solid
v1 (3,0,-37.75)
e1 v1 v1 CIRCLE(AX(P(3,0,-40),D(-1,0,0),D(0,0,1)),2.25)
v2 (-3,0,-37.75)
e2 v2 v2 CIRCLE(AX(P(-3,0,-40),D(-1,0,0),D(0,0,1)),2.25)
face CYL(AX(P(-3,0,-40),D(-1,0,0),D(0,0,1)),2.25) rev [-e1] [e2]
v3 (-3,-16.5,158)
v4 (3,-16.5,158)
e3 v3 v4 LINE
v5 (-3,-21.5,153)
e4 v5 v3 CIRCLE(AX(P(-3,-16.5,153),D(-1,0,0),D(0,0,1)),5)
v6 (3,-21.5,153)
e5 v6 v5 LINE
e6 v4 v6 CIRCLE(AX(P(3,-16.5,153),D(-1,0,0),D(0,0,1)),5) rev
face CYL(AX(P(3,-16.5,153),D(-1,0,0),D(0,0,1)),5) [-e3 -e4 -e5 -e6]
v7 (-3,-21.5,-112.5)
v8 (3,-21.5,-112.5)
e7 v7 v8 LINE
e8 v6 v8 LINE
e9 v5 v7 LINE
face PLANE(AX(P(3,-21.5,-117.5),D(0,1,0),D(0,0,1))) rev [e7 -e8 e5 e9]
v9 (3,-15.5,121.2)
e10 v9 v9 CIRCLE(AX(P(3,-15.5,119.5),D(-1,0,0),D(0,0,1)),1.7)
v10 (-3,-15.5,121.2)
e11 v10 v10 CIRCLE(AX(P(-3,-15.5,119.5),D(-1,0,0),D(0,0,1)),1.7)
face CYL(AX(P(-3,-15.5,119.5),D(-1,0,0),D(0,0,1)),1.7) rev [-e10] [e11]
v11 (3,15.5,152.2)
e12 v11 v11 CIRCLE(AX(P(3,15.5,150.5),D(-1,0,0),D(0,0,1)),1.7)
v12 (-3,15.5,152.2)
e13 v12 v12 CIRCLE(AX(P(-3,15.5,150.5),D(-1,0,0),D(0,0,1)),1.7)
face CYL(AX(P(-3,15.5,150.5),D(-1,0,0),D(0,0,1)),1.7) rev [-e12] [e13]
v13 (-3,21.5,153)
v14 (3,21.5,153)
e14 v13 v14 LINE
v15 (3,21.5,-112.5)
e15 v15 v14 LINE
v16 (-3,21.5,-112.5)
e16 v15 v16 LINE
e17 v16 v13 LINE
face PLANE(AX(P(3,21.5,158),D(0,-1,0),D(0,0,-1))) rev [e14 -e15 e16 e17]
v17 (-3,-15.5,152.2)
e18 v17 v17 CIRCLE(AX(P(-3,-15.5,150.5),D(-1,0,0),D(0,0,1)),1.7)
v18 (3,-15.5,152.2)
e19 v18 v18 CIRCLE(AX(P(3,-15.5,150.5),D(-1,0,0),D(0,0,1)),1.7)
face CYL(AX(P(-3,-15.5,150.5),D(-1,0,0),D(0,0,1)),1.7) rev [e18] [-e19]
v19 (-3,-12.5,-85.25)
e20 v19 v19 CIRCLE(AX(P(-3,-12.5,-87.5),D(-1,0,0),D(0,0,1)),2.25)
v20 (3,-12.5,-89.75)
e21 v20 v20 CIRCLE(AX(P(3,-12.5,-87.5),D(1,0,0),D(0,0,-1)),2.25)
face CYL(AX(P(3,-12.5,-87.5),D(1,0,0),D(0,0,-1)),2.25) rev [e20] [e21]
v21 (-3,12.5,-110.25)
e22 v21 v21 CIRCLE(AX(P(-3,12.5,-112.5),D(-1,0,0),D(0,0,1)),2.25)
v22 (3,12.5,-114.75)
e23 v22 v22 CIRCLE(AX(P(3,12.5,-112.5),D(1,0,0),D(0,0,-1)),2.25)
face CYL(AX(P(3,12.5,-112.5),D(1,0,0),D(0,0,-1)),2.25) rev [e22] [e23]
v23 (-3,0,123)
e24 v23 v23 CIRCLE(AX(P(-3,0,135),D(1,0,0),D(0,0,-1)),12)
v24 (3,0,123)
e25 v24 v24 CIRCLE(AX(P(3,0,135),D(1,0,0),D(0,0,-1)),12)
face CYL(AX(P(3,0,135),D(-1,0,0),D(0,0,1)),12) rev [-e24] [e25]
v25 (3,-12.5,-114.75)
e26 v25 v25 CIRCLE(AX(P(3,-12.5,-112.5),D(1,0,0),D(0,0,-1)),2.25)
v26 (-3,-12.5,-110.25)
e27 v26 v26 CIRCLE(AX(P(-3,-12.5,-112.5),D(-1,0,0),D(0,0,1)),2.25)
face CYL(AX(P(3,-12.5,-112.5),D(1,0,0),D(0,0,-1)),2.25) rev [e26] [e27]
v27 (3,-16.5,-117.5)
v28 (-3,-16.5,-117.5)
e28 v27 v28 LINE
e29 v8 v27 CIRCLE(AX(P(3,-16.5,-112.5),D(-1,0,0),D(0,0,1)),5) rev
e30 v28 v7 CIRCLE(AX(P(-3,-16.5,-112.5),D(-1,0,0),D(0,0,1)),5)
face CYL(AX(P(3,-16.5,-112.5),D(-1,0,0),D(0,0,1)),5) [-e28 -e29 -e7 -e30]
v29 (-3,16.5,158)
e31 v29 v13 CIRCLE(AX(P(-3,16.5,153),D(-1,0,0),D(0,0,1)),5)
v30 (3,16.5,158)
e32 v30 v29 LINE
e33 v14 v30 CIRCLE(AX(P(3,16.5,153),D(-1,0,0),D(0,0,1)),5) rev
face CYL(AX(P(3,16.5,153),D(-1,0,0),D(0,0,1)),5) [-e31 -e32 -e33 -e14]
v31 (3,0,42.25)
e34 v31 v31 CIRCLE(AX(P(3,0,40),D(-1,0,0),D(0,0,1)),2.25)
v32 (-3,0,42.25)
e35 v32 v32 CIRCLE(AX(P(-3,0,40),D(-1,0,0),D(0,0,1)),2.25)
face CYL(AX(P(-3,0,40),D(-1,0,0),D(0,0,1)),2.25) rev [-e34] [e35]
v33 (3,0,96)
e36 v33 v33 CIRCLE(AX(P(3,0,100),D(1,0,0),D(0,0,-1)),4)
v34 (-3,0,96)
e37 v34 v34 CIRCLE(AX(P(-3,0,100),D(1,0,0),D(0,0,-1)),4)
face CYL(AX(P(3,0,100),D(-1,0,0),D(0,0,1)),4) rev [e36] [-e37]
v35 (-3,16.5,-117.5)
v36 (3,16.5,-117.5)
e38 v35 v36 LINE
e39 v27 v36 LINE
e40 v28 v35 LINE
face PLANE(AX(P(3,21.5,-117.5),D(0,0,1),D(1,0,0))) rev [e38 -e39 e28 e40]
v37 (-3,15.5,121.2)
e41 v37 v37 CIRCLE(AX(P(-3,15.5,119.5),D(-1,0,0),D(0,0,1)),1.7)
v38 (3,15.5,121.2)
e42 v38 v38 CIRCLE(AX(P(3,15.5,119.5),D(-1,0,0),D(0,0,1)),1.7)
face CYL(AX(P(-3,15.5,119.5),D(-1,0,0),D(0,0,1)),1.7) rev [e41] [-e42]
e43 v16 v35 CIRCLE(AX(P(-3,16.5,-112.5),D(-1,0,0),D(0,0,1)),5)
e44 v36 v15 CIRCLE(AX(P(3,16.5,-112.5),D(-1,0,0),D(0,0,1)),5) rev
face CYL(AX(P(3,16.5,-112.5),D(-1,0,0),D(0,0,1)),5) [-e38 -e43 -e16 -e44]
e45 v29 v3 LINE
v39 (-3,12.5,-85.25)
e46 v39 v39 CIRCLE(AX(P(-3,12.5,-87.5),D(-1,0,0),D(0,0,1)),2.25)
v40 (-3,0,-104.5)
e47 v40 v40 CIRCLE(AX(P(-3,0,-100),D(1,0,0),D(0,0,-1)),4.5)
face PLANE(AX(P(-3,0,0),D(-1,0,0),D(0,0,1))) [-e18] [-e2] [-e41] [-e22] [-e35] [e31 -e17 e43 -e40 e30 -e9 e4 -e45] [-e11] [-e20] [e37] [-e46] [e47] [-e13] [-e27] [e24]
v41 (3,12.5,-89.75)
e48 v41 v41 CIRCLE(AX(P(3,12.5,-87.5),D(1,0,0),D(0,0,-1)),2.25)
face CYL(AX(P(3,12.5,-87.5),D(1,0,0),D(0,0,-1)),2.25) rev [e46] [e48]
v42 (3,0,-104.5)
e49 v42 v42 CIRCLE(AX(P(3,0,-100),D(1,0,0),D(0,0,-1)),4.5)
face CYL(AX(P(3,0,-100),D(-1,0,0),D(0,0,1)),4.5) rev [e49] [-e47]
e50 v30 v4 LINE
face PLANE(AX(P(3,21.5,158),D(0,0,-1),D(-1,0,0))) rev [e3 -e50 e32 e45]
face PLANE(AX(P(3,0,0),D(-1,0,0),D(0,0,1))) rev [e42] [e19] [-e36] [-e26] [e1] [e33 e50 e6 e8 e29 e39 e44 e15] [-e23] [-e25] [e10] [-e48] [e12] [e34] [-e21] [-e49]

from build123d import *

# Parameters (mm, degrees)
CROQUIS2_W                   = 275.5
CROQUIS2_H                   = 43
CROQUIS2_R                   = 4
CROQUIS2_R_2                 = 4.5
CROQUIS2_R_3                 = 12
SALIENTE_EXTRUIR1_DEPTH      = 3
REDONDEO1_R                  = 5
TALADRO_DE_MARGEN_PARA_M41_D = 4.5
TALADRO_DE_MARGEN_PARA_M31_D = 3.4
TALADRO_DE_MARGEN_PARA_M42_D = 4.5


with BuildPart() as part:
    # Croquis2 → Saliente-Extruir1 (new, symmetric)
    with BuildSketch(Plane(origin=(0, 0, 0), x_dir=(0, 0, -1), z_dir=(1, 0, 0))):
        with Locations((-20.25, 0)):
            Rectangle(CROQUIS2_W, CROQUIS2_H)
        with Locations((-100, 0)):
            Circle(CROQUIS2_R, mode=Mode.SUBTRACT)
        with Locations((100, 0)):
            Circle(CROQUIS2_R_2, mode=Mode.SUBTRACT)
        with Locations((-135, 0)):
            Circle(CROQUIS2_R_3, mode=Mode.SUBTRACT)
    extrude(amount=SALIENTE_EXTRUIR1_DEPTH, both=True)

    # Redondeo1
    redondeo1_edges = [part.edges().sort_by_distance(p)[0] for p in [
        (0, 21.5, 158),
        (0, 21.5, -117.5),
        (0, -21.5, -117.5),
        (0, -21.5, 158),
    ]]
    fillet(redondeo1_edges, radius=REDONDEO1_R)

    # Taladro de margen para M41 (through all)
    with Locations(Plane(origin=(3, 0, 0), x_dir=(0, 0, -1), z_dir=(1, 0, 0))):
        with Locations((112.5, 12.5), (112.5, -12.5), (87.5, -12.5), (87.5, 12.5)):
            Hole(TALADRO_DE_MARGEN_PARA_M41_D / 2)

    # Taladro de margen para M31 (through all)
    with Locations(Plane.ZY.offset(3)):
        with Locations((150.5, 15.5), (119.5, 15.5), (119.5, -15.5), (150.5, -15.5)):
            Hole(TALADRO_DE_MARGEN_PARA_M31_D / 2)

    # Taladro de margen para M42 (through all)
    with Locations(Plane.ZY.offset(3)):
        with Locations((-40, 0), (40, 0)):
            Hole(TALADRO_DE_MARGEN_PARA_M42_D / 2)


solid = part.part
